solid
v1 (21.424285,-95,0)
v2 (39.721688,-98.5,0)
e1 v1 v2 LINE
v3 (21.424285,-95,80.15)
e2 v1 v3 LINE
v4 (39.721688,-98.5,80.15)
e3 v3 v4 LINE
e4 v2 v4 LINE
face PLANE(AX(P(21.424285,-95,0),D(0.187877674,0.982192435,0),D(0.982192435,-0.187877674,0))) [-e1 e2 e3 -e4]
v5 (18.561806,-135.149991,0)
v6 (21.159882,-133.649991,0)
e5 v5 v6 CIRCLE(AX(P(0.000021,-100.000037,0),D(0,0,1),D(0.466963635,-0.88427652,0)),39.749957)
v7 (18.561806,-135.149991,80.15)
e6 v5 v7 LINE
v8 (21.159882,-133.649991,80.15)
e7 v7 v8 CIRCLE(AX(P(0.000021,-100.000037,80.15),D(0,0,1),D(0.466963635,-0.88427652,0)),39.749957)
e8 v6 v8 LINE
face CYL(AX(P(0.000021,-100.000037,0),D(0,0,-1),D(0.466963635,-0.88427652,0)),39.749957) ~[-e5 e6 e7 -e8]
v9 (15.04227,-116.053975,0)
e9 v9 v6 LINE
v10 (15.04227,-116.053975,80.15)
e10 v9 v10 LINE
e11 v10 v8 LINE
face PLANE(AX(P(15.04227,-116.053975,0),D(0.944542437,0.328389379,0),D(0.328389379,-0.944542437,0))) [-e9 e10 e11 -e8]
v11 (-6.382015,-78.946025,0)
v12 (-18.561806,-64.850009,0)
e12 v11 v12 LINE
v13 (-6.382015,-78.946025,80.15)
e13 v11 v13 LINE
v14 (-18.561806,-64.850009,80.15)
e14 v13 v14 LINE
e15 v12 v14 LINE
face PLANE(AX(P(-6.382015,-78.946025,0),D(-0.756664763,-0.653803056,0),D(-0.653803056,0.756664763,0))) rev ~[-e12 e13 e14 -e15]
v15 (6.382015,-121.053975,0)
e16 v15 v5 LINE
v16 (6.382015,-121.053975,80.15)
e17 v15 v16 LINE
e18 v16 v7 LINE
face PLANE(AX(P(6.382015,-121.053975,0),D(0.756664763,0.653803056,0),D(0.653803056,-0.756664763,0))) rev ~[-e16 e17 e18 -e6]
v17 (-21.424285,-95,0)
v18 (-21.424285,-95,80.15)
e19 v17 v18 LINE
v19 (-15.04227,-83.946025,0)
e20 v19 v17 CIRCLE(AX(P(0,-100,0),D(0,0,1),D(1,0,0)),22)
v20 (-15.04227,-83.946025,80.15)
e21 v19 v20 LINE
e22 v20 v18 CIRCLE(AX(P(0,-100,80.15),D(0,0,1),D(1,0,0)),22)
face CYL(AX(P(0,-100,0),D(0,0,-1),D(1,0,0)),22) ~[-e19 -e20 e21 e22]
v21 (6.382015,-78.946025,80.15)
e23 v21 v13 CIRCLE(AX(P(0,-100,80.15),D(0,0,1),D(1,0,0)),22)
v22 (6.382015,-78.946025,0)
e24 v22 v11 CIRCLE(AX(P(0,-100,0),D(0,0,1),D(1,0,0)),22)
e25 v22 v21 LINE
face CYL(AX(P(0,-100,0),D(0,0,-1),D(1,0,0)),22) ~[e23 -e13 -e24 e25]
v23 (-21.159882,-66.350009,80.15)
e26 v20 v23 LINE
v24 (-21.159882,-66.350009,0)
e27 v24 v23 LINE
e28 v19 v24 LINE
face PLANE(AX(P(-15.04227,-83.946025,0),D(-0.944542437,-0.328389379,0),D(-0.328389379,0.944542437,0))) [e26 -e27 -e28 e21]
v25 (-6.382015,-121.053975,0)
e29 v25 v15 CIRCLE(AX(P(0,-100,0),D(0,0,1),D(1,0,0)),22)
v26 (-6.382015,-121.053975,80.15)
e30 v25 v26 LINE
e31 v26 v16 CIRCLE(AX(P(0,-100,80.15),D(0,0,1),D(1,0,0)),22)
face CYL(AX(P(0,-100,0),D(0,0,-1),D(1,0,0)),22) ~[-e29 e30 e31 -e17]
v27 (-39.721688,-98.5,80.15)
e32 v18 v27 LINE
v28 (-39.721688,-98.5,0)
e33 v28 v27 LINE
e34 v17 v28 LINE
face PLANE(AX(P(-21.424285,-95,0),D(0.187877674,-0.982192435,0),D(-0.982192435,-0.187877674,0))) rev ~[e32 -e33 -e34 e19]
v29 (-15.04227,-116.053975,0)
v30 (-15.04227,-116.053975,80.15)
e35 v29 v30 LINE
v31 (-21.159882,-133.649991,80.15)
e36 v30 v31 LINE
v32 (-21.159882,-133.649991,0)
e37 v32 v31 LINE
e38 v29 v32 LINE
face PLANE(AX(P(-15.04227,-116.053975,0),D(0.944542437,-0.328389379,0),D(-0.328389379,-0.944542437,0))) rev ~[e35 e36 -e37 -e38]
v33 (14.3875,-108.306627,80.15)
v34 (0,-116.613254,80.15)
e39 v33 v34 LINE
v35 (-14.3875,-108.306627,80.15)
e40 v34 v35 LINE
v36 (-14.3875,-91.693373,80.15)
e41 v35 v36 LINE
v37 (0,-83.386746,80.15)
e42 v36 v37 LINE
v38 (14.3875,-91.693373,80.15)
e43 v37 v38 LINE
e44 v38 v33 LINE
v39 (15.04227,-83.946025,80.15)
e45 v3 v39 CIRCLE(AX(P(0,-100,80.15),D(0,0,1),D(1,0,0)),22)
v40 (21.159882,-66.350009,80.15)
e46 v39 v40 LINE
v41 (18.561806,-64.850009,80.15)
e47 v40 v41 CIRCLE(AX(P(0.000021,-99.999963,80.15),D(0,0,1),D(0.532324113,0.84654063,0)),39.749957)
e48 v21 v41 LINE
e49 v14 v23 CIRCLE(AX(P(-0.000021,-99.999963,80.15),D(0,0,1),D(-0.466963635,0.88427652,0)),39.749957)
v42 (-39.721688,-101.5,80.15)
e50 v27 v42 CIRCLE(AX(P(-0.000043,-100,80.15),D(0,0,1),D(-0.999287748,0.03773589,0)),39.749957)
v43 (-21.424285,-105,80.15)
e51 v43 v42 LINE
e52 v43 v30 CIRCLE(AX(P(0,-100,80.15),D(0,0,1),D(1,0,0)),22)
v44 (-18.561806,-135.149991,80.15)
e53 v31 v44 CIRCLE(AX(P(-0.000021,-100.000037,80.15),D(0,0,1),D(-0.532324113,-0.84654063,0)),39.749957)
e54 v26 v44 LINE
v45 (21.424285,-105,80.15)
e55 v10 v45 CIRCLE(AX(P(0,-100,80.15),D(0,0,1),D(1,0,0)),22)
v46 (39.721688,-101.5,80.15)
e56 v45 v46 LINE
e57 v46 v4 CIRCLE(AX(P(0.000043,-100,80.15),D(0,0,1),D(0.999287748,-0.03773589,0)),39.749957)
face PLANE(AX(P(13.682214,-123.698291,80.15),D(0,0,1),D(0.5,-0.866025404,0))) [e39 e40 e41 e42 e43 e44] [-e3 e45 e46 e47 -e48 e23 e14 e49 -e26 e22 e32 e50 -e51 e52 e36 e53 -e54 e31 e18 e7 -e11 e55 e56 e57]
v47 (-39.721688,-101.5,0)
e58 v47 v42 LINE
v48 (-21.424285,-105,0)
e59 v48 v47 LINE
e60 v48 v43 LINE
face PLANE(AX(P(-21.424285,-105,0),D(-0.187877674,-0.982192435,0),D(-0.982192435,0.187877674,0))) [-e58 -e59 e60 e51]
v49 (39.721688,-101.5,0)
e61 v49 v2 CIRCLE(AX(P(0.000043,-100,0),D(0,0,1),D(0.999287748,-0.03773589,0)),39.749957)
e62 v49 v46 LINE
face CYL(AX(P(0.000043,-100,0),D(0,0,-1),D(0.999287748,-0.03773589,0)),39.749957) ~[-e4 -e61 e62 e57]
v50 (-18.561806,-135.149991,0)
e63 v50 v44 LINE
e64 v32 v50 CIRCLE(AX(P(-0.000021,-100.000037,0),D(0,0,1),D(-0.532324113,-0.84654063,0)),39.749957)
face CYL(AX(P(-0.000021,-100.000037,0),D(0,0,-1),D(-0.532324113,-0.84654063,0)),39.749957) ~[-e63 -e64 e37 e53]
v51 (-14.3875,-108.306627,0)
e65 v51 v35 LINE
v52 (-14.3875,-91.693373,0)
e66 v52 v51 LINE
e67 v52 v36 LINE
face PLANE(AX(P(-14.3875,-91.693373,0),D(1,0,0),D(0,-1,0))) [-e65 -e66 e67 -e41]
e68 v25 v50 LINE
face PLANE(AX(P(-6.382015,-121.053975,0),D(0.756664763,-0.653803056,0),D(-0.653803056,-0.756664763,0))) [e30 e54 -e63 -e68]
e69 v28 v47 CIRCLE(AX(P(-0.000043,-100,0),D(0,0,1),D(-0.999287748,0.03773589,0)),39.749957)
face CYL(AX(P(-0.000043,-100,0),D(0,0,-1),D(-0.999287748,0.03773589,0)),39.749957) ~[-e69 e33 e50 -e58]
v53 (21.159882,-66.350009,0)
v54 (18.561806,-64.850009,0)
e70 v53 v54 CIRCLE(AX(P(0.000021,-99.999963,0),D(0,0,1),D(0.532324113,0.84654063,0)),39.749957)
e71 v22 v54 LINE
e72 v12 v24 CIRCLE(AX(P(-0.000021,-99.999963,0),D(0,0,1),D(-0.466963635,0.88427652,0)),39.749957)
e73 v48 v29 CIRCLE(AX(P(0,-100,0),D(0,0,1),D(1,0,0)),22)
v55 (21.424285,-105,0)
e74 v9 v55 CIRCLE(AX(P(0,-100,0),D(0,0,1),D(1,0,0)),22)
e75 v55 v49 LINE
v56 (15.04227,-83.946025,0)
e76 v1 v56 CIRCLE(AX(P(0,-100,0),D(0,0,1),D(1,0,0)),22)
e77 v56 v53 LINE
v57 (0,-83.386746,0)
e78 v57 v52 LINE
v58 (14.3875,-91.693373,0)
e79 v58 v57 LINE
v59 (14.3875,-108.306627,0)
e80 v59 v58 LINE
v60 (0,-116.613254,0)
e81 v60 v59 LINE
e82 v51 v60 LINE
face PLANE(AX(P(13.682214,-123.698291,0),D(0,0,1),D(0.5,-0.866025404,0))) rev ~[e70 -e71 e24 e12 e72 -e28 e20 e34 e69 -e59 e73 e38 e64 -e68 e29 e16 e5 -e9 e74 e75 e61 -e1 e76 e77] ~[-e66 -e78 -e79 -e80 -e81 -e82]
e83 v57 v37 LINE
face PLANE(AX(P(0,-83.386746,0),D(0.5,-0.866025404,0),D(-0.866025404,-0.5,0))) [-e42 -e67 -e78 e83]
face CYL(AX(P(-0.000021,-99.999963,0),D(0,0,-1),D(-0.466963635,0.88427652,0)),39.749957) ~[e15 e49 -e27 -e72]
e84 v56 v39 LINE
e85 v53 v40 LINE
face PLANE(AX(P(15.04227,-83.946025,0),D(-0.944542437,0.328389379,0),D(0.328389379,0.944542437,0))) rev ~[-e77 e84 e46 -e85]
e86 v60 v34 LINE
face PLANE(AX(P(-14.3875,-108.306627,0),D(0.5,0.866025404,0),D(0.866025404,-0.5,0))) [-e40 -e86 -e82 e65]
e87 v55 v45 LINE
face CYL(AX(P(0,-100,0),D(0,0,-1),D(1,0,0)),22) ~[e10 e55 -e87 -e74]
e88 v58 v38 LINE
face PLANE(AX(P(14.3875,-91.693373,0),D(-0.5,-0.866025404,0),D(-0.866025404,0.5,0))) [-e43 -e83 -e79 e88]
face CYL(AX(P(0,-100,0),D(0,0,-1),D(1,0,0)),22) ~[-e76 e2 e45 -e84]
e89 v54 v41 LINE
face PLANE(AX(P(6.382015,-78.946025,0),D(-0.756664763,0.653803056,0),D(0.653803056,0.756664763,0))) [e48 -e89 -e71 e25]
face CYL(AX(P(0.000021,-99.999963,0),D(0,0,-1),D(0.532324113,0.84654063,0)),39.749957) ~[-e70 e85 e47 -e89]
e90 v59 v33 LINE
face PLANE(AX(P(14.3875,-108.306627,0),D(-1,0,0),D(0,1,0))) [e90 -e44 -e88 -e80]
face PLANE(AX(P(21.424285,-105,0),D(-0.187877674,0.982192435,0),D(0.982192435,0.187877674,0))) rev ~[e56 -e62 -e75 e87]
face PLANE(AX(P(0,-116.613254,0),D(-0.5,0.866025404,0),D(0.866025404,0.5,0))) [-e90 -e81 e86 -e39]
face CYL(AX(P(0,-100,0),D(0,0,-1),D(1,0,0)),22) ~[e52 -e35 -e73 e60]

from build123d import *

# Parameters (mm, degrees)
SKETCH024_R           = 22
PAD011_DEPTH          = 80.15
PAD012_DEPTH          = 80.15
POLARPATTERN007_COUNT = 6
POCKET014_DEPTH       = 80.151


with BuildPart() as part:
    # Sketch024 → Pad011 (new body)
    with BuildSketch(Plane.XY):
        Circle(SKETCH024_R)
    extrude(amount=PAD011_DEPTH)

    # Sketch022 → Pad012 (join)
    with BuildSketch(Plane.XY):
        with BuildLine():
            ThreePointArc((39.721688, -1.5), (39.75, 0), (39.721688, 1.5))
            Line((21.424285, 5), (39.721688, 1.5))
            Line((21.424285, 5), (14.666667, 0))
            Line((14.666667, 0), (21.424285, -5))
            Line((21.424285, -5), (39.721688, -1.5))
        make_face()
    pad012 = extrude(amount=PAD012_DEPTH)

    # PolarPattern007: Pad012 ×6 about axis
    polarpattern007_axis = Axis((0, 0, 0), (0, 0, 1))
    for i in range(1, POLARPATTERN007_COUNT):
        add(pad012.rotate(polarpattern007_axis, i * 360 / POLARPATTERN007_COUNT))

    # Sketch023 → Pocket014 (cut, through all)
    with BuildSketch(Plane.XY):
        Polygon((14.3875, 8.306627), (0, 16.613254), (-14.3875, 8.306627), (-14.3875, -8.306627), (0, -16.613254), (14.3875, -8.306627), align=None)
    extrude(amount=POCKET014_DEPTH, mode=Mode.SUBTRACT)


with BuildPart() as part_1:
    # Body030 placement: moved
    add(part.part.moved(Location((0, -100, 0))))


solid = part_1.part
